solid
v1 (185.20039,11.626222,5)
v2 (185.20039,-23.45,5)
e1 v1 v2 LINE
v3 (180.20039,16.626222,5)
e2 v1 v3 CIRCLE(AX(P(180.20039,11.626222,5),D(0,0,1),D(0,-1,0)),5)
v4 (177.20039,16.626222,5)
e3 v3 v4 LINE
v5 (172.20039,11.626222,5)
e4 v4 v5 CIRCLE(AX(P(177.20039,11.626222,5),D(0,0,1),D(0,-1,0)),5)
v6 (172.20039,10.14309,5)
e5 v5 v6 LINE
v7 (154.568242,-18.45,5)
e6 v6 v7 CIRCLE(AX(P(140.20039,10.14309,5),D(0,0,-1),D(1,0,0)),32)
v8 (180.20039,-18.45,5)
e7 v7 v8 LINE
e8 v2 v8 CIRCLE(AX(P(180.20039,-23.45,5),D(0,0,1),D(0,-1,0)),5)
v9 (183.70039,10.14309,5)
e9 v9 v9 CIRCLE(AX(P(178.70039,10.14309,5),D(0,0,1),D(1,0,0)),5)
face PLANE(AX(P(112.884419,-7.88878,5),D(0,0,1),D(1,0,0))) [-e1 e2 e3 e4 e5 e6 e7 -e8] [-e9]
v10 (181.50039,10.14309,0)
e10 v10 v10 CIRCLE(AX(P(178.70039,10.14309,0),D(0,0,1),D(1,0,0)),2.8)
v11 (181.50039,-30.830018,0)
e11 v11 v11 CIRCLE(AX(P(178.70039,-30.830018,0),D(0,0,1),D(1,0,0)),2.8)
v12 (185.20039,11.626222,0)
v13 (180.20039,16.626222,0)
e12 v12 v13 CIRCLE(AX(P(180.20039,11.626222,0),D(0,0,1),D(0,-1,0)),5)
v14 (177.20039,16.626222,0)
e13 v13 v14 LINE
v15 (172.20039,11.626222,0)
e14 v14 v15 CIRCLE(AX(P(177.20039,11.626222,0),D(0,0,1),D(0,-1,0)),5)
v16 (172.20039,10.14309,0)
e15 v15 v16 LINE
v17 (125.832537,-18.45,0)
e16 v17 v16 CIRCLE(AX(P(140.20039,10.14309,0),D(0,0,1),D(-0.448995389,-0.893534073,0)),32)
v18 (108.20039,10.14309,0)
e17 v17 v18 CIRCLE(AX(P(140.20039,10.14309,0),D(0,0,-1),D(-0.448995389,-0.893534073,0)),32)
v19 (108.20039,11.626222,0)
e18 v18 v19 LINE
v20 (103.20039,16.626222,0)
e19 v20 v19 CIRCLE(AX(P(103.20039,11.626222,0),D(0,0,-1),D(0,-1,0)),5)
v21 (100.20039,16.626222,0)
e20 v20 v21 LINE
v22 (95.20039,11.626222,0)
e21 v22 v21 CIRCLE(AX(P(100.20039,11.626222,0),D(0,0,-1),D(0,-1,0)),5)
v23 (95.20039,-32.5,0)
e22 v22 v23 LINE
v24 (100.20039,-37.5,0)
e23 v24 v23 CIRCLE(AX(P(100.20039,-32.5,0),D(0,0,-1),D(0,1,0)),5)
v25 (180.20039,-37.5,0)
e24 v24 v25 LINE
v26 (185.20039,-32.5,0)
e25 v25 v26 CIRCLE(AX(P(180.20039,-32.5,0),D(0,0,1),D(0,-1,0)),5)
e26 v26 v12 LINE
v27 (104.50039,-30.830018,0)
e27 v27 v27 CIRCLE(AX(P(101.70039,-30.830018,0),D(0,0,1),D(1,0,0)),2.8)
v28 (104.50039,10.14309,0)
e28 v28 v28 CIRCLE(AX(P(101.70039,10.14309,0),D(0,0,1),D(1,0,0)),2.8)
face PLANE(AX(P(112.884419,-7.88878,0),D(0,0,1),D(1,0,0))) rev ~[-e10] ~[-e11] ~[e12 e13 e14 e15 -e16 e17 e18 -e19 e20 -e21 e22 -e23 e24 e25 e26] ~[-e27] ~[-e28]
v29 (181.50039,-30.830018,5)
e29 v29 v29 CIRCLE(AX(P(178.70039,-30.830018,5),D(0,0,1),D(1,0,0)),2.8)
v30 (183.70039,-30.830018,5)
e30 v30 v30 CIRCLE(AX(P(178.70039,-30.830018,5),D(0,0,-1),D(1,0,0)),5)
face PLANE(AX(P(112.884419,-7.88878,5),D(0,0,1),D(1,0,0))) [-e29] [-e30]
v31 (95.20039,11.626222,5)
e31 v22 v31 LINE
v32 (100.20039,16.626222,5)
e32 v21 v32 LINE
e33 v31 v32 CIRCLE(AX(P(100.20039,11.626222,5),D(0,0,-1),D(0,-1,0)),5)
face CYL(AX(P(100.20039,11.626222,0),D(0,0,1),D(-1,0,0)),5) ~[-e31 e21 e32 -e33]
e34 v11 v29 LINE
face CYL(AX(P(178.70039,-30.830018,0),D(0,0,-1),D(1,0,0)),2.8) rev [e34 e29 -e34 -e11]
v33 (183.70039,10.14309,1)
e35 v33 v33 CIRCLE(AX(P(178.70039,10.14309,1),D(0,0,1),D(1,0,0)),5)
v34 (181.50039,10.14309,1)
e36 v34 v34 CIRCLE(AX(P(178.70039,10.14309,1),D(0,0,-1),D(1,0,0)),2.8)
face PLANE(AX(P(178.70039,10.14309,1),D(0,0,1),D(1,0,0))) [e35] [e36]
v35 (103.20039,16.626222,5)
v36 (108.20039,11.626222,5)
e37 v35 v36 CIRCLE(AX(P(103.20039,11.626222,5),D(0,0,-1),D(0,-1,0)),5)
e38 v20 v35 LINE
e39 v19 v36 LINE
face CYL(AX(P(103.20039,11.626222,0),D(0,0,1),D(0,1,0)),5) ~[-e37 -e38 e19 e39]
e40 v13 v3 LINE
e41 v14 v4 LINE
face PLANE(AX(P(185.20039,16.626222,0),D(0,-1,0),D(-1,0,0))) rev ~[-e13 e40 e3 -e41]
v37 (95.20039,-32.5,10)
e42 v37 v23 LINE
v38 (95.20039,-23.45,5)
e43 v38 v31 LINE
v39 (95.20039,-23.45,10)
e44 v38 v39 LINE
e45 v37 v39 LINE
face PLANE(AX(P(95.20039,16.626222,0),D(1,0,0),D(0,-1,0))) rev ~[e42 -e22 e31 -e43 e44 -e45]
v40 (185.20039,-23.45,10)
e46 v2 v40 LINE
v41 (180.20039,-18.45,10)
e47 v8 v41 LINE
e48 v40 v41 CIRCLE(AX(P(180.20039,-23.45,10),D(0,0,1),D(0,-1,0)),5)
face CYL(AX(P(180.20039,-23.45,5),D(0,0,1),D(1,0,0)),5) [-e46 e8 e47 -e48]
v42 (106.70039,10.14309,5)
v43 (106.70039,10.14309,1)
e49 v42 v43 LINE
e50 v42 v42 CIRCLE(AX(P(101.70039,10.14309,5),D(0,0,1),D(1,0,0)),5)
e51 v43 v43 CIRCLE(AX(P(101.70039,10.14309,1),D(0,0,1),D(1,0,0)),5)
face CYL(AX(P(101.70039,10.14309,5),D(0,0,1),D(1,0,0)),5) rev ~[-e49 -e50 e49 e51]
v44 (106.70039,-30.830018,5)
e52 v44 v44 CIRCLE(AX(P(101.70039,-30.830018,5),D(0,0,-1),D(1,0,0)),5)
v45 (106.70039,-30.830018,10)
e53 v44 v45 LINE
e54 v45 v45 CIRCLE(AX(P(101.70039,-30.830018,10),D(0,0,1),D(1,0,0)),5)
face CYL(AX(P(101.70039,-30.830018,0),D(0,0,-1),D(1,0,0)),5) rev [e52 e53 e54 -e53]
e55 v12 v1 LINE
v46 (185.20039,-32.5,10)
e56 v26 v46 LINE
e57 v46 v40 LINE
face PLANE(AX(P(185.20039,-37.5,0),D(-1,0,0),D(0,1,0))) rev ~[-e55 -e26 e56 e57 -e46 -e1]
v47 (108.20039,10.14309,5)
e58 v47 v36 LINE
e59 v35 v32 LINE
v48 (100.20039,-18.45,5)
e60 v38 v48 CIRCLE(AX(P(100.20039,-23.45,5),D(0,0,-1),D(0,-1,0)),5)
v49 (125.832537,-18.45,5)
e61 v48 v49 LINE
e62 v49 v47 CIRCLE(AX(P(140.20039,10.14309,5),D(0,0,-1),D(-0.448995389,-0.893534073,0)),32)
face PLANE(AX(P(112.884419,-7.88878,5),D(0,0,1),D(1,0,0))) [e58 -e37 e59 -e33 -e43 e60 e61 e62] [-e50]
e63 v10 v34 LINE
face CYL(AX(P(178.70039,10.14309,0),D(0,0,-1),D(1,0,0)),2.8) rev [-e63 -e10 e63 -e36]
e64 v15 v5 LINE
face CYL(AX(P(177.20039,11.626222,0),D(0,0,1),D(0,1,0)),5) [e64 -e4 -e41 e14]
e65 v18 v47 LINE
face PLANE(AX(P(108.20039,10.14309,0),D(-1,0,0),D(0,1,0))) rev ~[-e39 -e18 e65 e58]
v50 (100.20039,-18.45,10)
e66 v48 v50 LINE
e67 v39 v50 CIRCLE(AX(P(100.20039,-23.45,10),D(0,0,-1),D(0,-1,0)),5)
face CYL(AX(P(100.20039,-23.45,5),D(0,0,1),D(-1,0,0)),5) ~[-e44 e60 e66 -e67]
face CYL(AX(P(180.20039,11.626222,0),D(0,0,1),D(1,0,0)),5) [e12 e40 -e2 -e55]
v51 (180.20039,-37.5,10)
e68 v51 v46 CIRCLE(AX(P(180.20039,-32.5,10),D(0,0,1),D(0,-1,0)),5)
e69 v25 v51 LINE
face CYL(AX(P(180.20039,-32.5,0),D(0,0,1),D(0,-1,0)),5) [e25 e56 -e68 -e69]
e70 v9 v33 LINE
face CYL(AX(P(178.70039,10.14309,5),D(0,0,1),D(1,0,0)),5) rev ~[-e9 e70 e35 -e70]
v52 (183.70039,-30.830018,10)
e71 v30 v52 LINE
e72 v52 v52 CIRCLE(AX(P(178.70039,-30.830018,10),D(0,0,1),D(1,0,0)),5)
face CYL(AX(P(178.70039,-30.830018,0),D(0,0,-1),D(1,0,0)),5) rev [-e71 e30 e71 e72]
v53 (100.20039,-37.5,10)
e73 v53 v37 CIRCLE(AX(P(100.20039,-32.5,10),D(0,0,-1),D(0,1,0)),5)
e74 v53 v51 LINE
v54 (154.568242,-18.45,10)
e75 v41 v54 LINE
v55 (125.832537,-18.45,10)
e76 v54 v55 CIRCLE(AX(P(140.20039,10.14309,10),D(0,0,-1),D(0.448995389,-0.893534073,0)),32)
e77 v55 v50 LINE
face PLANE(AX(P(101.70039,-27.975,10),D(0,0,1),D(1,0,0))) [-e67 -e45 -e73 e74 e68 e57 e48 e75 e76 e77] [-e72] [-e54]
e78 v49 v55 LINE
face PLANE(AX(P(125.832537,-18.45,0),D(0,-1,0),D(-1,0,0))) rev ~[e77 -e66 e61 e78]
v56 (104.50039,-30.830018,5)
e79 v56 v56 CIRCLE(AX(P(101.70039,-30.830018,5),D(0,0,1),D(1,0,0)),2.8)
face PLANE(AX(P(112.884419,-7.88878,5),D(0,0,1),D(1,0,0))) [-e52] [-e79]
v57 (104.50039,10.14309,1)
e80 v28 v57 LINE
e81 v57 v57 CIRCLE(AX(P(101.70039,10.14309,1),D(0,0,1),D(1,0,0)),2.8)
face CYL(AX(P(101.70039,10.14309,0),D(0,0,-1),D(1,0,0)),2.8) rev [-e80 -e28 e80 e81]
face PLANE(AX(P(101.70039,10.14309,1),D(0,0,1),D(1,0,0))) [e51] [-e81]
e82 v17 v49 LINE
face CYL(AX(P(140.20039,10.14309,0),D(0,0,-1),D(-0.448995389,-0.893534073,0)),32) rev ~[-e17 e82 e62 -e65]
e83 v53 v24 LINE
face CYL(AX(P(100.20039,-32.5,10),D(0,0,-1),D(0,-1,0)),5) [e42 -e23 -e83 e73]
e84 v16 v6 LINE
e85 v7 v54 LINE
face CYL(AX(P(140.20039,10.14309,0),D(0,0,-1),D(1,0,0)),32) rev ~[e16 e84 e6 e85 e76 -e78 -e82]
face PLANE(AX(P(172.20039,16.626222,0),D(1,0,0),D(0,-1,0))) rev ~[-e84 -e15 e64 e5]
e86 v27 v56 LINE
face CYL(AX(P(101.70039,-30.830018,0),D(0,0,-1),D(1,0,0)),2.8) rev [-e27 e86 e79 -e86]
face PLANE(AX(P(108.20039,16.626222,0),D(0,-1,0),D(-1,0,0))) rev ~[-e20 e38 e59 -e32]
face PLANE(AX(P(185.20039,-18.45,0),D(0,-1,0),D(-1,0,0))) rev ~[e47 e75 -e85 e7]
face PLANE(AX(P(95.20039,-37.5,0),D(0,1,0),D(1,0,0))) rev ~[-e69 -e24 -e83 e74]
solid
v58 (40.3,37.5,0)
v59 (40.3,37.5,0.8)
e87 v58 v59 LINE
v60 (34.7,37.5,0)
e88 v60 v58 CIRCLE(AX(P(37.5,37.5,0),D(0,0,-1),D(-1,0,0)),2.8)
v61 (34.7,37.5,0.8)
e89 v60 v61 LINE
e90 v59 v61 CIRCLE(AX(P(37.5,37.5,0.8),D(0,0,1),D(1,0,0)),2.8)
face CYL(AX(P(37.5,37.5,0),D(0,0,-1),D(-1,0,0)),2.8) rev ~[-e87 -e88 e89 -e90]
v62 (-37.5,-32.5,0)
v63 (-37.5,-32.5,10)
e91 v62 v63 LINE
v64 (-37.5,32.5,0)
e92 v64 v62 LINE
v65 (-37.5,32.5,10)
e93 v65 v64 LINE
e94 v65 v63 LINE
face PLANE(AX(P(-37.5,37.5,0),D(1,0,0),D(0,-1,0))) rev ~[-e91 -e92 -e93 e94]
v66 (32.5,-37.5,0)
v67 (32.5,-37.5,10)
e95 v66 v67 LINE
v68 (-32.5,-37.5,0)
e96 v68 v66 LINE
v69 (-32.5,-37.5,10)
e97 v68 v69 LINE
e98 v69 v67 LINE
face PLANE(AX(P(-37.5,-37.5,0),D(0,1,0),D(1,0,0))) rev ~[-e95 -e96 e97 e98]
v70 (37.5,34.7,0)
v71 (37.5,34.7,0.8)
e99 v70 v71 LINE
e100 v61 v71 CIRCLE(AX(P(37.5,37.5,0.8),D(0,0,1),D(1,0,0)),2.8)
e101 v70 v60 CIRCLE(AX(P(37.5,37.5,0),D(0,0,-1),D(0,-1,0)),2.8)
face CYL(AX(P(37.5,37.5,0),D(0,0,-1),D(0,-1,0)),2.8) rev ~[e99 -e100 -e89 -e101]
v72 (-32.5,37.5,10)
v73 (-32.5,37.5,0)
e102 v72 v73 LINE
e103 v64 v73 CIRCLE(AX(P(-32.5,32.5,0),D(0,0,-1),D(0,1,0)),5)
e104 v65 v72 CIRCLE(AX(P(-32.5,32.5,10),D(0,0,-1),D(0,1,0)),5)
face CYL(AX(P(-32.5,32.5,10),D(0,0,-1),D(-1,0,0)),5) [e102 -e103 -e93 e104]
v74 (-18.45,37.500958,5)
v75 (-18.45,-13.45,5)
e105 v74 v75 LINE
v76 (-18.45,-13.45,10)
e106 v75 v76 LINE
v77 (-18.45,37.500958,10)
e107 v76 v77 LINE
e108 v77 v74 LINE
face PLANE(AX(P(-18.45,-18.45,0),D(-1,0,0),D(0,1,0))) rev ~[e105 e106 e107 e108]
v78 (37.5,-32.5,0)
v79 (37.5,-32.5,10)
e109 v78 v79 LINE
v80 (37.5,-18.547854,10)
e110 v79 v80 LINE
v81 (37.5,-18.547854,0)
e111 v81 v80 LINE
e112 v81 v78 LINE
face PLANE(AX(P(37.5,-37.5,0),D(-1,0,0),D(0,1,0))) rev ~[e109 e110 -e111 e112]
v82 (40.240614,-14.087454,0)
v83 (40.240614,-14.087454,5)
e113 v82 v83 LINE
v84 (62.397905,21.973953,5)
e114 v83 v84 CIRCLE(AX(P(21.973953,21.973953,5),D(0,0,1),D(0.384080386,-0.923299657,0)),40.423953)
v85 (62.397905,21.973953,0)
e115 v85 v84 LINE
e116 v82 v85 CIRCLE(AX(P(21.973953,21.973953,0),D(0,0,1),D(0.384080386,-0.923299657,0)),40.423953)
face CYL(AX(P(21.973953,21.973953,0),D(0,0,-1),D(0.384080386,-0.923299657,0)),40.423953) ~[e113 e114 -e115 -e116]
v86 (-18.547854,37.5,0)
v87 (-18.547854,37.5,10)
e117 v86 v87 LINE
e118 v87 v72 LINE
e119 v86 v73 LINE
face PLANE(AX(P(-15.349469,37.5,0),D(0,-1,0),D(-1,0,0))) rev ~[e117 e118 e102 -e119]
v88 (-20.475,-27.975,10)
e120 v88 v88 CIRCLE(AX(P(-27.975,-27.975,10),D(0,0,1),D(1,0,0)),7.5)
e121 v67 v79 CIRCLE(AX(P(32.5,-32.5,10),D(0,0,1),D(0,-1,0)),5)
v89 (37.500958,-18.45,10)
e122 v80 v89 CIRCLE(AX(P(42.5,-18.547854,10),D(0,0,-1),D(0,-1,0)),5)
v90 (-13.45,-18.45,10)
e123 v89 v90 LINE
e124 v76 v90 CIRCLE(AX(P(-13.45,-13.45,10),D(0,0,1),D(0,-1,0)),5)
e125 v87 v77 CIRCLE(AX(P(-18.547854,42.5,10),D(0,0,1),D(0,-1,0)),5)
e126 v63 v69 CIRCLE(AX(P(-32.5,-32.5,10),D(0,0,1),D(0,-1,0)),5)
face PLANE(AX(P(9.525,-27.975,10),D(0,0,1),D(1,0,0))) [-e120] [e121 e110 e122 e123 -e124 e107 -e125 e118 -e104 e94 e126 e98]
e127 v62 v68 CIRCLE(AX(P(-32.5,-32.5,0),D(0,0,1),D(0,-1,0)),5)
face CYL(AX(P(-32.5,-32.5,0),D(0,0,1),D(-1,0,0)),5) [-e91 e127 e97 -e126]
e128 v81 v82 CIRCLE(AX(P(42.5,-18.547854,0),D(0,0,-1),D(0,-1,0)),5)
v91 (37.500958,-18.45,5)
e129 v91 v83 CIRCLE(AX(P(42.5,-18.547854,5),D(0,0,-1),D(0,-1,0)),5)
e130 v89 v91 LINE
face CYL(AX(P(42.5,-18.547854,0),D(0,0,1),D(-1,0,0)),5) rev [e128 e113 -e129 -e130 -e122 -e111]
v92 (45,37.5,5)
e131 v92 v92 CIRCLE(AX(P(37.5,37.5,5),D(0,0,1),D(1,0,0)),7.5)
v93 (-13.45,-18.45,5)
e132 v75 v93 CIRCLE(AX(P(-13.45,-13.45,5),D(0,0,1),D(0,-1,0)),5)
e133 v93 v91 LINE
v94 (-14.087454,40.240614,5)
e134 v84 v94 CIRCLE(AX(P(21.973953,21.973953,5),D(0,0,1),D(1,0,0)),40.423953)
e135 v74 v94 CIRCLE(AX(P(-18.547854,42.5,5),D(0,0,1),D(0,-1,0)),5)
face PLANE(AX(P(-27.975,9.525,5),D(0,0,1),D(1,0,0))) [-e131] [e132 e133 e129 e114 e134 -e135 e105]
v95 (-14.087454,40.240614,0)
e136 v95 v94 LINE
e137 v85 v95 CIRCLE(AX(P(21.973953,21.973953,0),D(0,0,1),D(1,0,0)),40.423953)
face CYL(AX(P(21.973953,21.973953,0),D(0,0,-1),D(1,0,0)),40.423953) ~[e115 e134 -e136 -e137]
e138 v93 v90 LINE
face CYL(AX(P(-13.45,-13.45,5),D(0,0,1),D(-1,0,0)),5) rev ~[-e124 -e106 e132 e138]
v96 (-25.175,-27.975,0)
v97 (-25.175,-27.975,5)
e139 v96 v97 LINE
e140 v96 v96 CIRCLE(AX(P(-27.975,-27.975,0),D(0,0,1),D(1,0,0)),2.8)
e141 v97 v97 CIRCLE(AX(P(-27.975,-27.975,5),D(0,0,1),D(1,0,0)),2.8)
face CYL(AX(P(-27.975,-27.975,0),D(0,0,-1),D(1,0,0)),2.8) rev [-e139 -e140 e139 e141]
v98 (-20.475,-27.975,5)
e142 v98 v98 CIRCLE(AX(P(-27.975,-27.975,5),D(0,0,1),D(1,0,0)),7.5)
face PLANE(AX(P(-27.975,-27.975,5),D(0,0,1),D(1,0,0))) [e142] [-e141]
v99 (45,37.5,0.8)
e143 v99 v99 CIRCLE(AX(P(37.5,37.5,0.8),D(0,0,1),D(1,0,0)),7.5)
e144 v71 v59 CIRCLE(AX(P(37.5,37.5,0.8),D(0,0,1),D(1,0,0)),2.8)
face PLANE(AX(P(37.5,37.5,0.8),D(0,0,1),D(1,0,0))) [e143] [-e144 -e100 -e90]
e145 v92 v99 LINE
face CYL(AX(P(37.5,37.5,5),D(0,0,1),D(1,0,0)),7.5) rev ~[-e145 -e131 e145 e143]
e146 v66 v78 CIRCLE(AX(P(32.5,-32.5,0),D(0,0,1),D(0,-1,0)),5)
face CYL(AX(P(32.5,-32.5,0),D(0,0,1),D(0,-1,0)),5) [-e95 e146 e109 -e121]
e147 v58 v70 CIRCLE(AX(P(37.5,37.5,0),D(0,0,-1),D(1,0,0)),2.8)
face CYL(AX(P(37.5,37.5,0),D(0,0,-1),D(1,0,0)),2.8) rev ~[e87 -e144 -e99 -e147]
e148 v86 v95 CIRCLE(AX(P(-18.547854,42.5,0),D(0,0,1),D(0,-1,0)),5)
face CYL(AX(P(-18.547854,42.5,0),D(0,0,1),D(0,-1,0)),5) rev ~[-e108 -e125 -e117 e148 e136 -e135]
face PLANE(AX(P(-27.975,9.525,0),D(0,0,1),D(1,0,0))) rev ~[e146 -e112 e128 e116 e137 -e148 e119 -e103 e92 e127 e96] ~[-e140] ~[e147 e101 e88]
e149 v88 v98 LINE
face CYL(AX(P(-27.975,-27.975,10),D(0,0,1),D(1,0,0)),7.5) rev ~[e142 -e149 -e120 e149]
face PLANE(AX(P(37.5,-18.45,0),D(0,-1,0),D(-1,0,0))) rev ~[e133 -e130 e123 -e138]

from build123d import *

# Parameters (mm, degrees)
F0_W      = 19.05
F0_H      = 19.05
F0_R      = 2.8
F1_DEPTH  = 5
F2_DEPTH  = 10
F4_R      = 7.5
F4_R_2    = 2.8
F5_DEPTH  = 4.2
F3_R      = 7.5
F3_R_2    = 2.8
F6_DEPTH  = 5
F7_R      = 5
F8_R      = 5
F8_W      = 13
F8_H      = 19.05
F8_R_2    = 2.8
F9_DEPTH  = 5
F10_DEPTH = 10
F11_R     = 5
F11_R_2   = 2.8
F12_DEPTH = 4
F13_R     = 5


with BuildPart() as f1:
    # F0 (on Top) → F1 (new body)
    with BuildSketch(Plane.XY):
        Polygon((-37.5, -18.45), (-18.45, -18.45), (-18.45, 21.973952651), (-18.45, 37.5), (-37.5, 37.5), align=None)
        with Locations((-27.975, -27.975)):
            Rectangle(F0_W, F0_H)
        with Locations((-27.975, -27.975)):
            Circle(F0_R, mode=Mode.SUBTRACT)
        Polygon((-18.45, -37.5), (37.5, -37.5), (37.5, -18.45), (21.9739524238, -18.45), (-18.45, -18.45), align=None)
        with BuildLine():
            Line((-18.45, 21.973952651), (-18.45, -18.45))
            Line((-18.45, -18.45), (21.9739524238, -18.45))
            ThreePointArc((21.9739524238, -18.45), (-6.6100984712, -6.6100983105), (-18.45, 21.973952651))
        make_face()
        with BuildLine():
            Line((-18.45, 37.5), (-18.45, 21.973952651))
            ThreePointArc((-18.45, 21.973952651), (-17.6672896125, 29.8902560645), (-15.349468972, 37.5))
            Line((-15.349468972, 37.5), (-18.45, 37.5))
        make_face()
        with BuildLine():
            Line((21.9739524238, -18.45), (37.5, -18.45))
            Line((37.5, -18.45), (37.5, -15.349468972))
            ThreePointArc((37.5, -15.349468972), (29.8902559531, -17.6672896348), (21.9739524238, -18.45))
        make_face()
        with BuildLine():
            ThreePointArc((21.9739524238, -18.45), (29.8902559531, -17.6672896348), (37.5, -15.349468972))
            Line((37.5, -15.349468972), (37.5, 34.7))
            ThreePointArc((37.5, 34.7), (35.5201010127, 35.5201010127), (34.7, 37.5))
            Line((34.7, 37.5), (-15.349468972, 37.5))
            ThreePointArc((-15.349468972, 37.5), (-17.6672896125, 29.8902560645), (-18.45, 21.973952651))
            ThreePointArc((-18.45, 21.973952651), (-6.6100984712, -6.6100983105), (21.9739524238, -18.45))
        make_face()
        with BuildLine():
            Line((37.5, 34.7), (37.5, -15.349468972))
            ThreePointArc((37.5, -15.349468972), (55.6022156959, -0.4589667426), (62.397905302, 21.973952651))
            ThreePointArc((62.397905302, 21.973952651), (29.8902560645, 61.6151949146), (-15.349468972, 37.5))
            Line((-15.349468972, 37.5), (34.7, 37.5))
            ThreePointArc((34.7, 37.5), (37.5, 40.3), (40.3, 37.5))
            ThreePointArc((40.3, 37.5), (39.4798989873, 35.5201010127), (37.5, 34.7))
        make_face()
    extrude(amount=F1_DEPTH)

    # F0 (on Top) → F2 (join)
    with BuildSketch(Plane.XY):
        Polygon((-18.45, -37.5), (37.5, -37.5), (37.5, -18.45), (21.9739524238, -18.45), (-18.45, -18.45), align=None)
        Polygon((-37.5, -18.45), (-18.45, -18.45), (-18.45, 21.973952651), (-18.45, 37.5), (-37.5, 37.5), align=None)
        with Locations((-27.975, -27.975)):
            Rectangle(F0_W, F0_H)
        with Locations((-27.975, -27.975)):
            Circle(F0_R, mode=Mode.SUBTRACT)
    extrude(amount=F2_DEPTH)

    # F4 (on face) → F5 (cut)
    with BuildSketch(Plane.XY.offset(5)):
        with Locations((37.5, 37.5)):
            Circle(F4_R)
        with Locations((37.5, 37.5)):
            Circle(F4_R_2, mode=Mode.SUBTRACT)
    extrude(amount=-F5_DEPTH, mode=Mode.SUBTRACT)

    # F3 (on face) → F6 (cut)
    with BuildSketch(Plane.XY.offset(10)):
        with Locations((-27.975, -27.975)):
            Circle(F3_R)
        with Locations((-27.975, -27.975)):
            Circle(F3_R_2, mode=Mode.SUBTRACT)
    extrude(amount=-F6_DEPTH, mode=Mode.SUBTRACT)

    # F7 (call 1 of 6: OpenCascade refuses the feature's edges together)
    f7_edges = [f1.edges().sort_by_distance(p)[0] for p in [
        (37.5, -15.349469, 2.5),
    ]]
    fillet(f7_edges, radius=F7_R)

    # F7#2 (call 2 of 6)
    f7_2_edges = [f1.edges().sort_by_distance(p)[0] for p in [
        (-15.349469, 37.5, 2.5),
    ]]
    fillet(f7_2_edges, radius=F7_R)

    # F7#3 (call 3 of 6)
    f7_3_edges = [f1.edges().sort_by_distance(p)[0] for p in [
        (-18.45, -18.45, 7.5),
    ]]
    fillet(f7_3_edges, radius=F7_R)

    # F7#4 (call 4 of 6)
    f7_4_edges = [f1.edges().sort_by_distance(p)[0] for p in [
        (-37.5, -37.5, 5),
    ]]
    fillet(f7_4_edges, radius=F7_R)

    # F7#5 (call 5 of 6)
    f7_5_edges = [f1.edges().sort_by_distance(p)[0] for p in [
        (37.5, -37.5, 5),
    ]]
    fillet(f7_5_edges, radius=F7_R)

    # F7#6 (call 6 of 6)
    f7_6_edges = [f1.edges().sort_by_distance(p)[0] for p in [
        (-37.5, 37.5, 5),
    ]]
    fillet(f7_6_edges, radius=F7_R)


with BuildPart() as f9:
    # F8 (on Top) → F9 (new body)
    with BuildSketch(Plane.XY):
        with BuildLine():
            Line((108.2003896236, 10.1430903487), (108.2003896236, -18.45))
            Line((108.2003896236, -18.45), (125.8325371637, -18.45))
            ThreePointArc((125.8325371637, -18.45), (112.9628119164, -6.6531699684), (108.2003896236, 10.1430903487))
        make_face()
        with BuildLine():
            Line((108.2003896236, -18.45), (108.2003896236, -37.5))
            Line((108.2003896236, -37.5), (172.2003896236, -37.5))
            Line((172.2003896236, -37.5), (172.2003896236, -18.45))
            Line((172.2003896236, -18.45), (154.5682420836, -18.45))
            ThreePointArc((154.5682420836, -18.45), (140.2003896236, -21.8569096513), (125.8325371637, -18.45))
            Line((125.8325371637, -18.45), (108.2003896236, -18.45))
        make_face()
        with BuildLine():
            Line((154.5682420836, -18.45), (172.2003896236, -18.45))
            Line((172.2003896236, -18.45), (172.2003896236, 10.1430903487))
            ThreePointArc((172.2003896236, 10.1430903487), (167.4379673309, -6.6531699684), (154.5682420836, -18.45))
        make_face()
        Polygon((95.2003896236, 16.6262220591), (95.2003896236, -18.45), (108.2003896236, -18.45), (108.2003896236, 10.1430903487), (108.2003896236, 16.6262220591), align=None)
        with Locations((101.7003896236, 10.1430903487)):
            Circle(F8_R, mode=Mode.SUBTRACT)
        with Locations((101.7003896236, -27.975)):
            Rectangle(F8_W, F8_H)
        with Locations((101.7003896236, -30.8300182223)):
            Circle(F8_R, mode=Mode.SUBTRACT)
        Polygon((172.2003896236, 10.1430903487), (172.2003896236, -18.45), (185.2003896236, -18.45), (185.2003896236, 16.6262220591), (172.2003896236, 16.6262220591), align=None)
        with Locations((178.7003896236, 10.1430903487)):
            Circle(F8_R, mode=Mode.SUBTRACT)
        with Locations((178.7003896236, -27.975)):
            Rectangle(F8_W, F8_H)
        with Locations((178.7003896236, -30.8300182223)):
            Circle(F8_R, mode=Mode.SUBTRACT)
        with Locations((101.7003896236, -30.8300182223)):
            Circle(F8_R)
        with Locations((101.7003896236, -30.8300182223)):
            Circle(F8_R_2, mode=Mode.SUBTRACT)
        with Locations((101.7003896236, 10.1430903487)):
            Circle(F8_R)
        with Locations((101.7003896236, 10.1430903487)):
            Circle(F8_R_2, mode=Mode.SUBTRACT)
        with Locations((178.7003896236, 10.1430903487)):
            Circle(F8_R)
        with Locations((178.7003896236, 10.1430903487)):
            Circle(F8_R_2, mode=Mode.SUBTRACT)
        with Locations((178.7003896236, -30.8300182223)):
            Circle(F8_R)
        with Locations((178.7003896236, -30.8300182223)):
            Circle(F8_R_2, mode=Mode.SUBTRACT)
    extrude(amount=F9_DEPTH)

    # F8 (on Top) → F10 (join)
    with BuildSketch(Plane.XY):
        with Locations((101.7003896236, -27.975)):
            Rectangle(F8_W, F8_H)
        with Locations((101.7003896236, -30.8300182223)):
            Circle(F8_R, mode=Mode.SUBTRACT)
        with BuildLine():
            Line((108.2003896236, -18.45), (108.2003896236, -37.5))
            Line((108.2003896236, -37.5), (172.2003896236, -37.5))
            Line((172.2003896236, -37.5), (172.2003896236, -18.45))
            Line((172.2003896236, -18.45), (154.5682420836, -18.45))
            ThreePointArc((154.5682420836, -18.45), (140.2003896236, -21.8569096513), (125.8325371637, -18.45))
            Line((125.8325371637, -18.45), (108.2003896236, -18.45))
        make_face()
        with Locations((178.7003896236, -27.975)):
            Rectangle(F8_W, F8_H)
        with Locations((178.7003896236, -30.8300182223)):
            Circle(F8_R, mode=Mode.SUBTRACT)
    extrude(amount=F10_DEPTH)

    # F11 (on face) → F12 (cut)
    with BuildSketch(Plane.XY.offset(5)):
        with Locations((101.7003896236, 10.1430903487)):
            Circle(F11_R)
        with Locations((101.7003896236, 10.1430903487)):
            Circle(F11_R_2, mode=Mode.SUBTRACT)
        with Locations((178.7003896236, 10.1430903487)):
            Circle(F11_R)
    extrude(amount=-F12_DEPTH, mode=Mode.SUBTRACT)

    # F13
    f13_edges = [f9.edges().sort_by_distance(p)[0] for p in [
        (95.20039, 16.626222, 2.5),
        (108.20039, 16.626222, 2.5),
        (172.20039, 16.626222, 2.5),
        (185.20039, 16.626222, 2.5),
        (95.20039, -37.5, 5),
        (185.20039, -37.5, 5),
        (95.20039, -18.45, 7.5),
        (185.20039, -18.45, 7.5),
    ]]
    fillet(f13_edges, radius=F13_R)


solid = Compound([f1.part, f9.part])
